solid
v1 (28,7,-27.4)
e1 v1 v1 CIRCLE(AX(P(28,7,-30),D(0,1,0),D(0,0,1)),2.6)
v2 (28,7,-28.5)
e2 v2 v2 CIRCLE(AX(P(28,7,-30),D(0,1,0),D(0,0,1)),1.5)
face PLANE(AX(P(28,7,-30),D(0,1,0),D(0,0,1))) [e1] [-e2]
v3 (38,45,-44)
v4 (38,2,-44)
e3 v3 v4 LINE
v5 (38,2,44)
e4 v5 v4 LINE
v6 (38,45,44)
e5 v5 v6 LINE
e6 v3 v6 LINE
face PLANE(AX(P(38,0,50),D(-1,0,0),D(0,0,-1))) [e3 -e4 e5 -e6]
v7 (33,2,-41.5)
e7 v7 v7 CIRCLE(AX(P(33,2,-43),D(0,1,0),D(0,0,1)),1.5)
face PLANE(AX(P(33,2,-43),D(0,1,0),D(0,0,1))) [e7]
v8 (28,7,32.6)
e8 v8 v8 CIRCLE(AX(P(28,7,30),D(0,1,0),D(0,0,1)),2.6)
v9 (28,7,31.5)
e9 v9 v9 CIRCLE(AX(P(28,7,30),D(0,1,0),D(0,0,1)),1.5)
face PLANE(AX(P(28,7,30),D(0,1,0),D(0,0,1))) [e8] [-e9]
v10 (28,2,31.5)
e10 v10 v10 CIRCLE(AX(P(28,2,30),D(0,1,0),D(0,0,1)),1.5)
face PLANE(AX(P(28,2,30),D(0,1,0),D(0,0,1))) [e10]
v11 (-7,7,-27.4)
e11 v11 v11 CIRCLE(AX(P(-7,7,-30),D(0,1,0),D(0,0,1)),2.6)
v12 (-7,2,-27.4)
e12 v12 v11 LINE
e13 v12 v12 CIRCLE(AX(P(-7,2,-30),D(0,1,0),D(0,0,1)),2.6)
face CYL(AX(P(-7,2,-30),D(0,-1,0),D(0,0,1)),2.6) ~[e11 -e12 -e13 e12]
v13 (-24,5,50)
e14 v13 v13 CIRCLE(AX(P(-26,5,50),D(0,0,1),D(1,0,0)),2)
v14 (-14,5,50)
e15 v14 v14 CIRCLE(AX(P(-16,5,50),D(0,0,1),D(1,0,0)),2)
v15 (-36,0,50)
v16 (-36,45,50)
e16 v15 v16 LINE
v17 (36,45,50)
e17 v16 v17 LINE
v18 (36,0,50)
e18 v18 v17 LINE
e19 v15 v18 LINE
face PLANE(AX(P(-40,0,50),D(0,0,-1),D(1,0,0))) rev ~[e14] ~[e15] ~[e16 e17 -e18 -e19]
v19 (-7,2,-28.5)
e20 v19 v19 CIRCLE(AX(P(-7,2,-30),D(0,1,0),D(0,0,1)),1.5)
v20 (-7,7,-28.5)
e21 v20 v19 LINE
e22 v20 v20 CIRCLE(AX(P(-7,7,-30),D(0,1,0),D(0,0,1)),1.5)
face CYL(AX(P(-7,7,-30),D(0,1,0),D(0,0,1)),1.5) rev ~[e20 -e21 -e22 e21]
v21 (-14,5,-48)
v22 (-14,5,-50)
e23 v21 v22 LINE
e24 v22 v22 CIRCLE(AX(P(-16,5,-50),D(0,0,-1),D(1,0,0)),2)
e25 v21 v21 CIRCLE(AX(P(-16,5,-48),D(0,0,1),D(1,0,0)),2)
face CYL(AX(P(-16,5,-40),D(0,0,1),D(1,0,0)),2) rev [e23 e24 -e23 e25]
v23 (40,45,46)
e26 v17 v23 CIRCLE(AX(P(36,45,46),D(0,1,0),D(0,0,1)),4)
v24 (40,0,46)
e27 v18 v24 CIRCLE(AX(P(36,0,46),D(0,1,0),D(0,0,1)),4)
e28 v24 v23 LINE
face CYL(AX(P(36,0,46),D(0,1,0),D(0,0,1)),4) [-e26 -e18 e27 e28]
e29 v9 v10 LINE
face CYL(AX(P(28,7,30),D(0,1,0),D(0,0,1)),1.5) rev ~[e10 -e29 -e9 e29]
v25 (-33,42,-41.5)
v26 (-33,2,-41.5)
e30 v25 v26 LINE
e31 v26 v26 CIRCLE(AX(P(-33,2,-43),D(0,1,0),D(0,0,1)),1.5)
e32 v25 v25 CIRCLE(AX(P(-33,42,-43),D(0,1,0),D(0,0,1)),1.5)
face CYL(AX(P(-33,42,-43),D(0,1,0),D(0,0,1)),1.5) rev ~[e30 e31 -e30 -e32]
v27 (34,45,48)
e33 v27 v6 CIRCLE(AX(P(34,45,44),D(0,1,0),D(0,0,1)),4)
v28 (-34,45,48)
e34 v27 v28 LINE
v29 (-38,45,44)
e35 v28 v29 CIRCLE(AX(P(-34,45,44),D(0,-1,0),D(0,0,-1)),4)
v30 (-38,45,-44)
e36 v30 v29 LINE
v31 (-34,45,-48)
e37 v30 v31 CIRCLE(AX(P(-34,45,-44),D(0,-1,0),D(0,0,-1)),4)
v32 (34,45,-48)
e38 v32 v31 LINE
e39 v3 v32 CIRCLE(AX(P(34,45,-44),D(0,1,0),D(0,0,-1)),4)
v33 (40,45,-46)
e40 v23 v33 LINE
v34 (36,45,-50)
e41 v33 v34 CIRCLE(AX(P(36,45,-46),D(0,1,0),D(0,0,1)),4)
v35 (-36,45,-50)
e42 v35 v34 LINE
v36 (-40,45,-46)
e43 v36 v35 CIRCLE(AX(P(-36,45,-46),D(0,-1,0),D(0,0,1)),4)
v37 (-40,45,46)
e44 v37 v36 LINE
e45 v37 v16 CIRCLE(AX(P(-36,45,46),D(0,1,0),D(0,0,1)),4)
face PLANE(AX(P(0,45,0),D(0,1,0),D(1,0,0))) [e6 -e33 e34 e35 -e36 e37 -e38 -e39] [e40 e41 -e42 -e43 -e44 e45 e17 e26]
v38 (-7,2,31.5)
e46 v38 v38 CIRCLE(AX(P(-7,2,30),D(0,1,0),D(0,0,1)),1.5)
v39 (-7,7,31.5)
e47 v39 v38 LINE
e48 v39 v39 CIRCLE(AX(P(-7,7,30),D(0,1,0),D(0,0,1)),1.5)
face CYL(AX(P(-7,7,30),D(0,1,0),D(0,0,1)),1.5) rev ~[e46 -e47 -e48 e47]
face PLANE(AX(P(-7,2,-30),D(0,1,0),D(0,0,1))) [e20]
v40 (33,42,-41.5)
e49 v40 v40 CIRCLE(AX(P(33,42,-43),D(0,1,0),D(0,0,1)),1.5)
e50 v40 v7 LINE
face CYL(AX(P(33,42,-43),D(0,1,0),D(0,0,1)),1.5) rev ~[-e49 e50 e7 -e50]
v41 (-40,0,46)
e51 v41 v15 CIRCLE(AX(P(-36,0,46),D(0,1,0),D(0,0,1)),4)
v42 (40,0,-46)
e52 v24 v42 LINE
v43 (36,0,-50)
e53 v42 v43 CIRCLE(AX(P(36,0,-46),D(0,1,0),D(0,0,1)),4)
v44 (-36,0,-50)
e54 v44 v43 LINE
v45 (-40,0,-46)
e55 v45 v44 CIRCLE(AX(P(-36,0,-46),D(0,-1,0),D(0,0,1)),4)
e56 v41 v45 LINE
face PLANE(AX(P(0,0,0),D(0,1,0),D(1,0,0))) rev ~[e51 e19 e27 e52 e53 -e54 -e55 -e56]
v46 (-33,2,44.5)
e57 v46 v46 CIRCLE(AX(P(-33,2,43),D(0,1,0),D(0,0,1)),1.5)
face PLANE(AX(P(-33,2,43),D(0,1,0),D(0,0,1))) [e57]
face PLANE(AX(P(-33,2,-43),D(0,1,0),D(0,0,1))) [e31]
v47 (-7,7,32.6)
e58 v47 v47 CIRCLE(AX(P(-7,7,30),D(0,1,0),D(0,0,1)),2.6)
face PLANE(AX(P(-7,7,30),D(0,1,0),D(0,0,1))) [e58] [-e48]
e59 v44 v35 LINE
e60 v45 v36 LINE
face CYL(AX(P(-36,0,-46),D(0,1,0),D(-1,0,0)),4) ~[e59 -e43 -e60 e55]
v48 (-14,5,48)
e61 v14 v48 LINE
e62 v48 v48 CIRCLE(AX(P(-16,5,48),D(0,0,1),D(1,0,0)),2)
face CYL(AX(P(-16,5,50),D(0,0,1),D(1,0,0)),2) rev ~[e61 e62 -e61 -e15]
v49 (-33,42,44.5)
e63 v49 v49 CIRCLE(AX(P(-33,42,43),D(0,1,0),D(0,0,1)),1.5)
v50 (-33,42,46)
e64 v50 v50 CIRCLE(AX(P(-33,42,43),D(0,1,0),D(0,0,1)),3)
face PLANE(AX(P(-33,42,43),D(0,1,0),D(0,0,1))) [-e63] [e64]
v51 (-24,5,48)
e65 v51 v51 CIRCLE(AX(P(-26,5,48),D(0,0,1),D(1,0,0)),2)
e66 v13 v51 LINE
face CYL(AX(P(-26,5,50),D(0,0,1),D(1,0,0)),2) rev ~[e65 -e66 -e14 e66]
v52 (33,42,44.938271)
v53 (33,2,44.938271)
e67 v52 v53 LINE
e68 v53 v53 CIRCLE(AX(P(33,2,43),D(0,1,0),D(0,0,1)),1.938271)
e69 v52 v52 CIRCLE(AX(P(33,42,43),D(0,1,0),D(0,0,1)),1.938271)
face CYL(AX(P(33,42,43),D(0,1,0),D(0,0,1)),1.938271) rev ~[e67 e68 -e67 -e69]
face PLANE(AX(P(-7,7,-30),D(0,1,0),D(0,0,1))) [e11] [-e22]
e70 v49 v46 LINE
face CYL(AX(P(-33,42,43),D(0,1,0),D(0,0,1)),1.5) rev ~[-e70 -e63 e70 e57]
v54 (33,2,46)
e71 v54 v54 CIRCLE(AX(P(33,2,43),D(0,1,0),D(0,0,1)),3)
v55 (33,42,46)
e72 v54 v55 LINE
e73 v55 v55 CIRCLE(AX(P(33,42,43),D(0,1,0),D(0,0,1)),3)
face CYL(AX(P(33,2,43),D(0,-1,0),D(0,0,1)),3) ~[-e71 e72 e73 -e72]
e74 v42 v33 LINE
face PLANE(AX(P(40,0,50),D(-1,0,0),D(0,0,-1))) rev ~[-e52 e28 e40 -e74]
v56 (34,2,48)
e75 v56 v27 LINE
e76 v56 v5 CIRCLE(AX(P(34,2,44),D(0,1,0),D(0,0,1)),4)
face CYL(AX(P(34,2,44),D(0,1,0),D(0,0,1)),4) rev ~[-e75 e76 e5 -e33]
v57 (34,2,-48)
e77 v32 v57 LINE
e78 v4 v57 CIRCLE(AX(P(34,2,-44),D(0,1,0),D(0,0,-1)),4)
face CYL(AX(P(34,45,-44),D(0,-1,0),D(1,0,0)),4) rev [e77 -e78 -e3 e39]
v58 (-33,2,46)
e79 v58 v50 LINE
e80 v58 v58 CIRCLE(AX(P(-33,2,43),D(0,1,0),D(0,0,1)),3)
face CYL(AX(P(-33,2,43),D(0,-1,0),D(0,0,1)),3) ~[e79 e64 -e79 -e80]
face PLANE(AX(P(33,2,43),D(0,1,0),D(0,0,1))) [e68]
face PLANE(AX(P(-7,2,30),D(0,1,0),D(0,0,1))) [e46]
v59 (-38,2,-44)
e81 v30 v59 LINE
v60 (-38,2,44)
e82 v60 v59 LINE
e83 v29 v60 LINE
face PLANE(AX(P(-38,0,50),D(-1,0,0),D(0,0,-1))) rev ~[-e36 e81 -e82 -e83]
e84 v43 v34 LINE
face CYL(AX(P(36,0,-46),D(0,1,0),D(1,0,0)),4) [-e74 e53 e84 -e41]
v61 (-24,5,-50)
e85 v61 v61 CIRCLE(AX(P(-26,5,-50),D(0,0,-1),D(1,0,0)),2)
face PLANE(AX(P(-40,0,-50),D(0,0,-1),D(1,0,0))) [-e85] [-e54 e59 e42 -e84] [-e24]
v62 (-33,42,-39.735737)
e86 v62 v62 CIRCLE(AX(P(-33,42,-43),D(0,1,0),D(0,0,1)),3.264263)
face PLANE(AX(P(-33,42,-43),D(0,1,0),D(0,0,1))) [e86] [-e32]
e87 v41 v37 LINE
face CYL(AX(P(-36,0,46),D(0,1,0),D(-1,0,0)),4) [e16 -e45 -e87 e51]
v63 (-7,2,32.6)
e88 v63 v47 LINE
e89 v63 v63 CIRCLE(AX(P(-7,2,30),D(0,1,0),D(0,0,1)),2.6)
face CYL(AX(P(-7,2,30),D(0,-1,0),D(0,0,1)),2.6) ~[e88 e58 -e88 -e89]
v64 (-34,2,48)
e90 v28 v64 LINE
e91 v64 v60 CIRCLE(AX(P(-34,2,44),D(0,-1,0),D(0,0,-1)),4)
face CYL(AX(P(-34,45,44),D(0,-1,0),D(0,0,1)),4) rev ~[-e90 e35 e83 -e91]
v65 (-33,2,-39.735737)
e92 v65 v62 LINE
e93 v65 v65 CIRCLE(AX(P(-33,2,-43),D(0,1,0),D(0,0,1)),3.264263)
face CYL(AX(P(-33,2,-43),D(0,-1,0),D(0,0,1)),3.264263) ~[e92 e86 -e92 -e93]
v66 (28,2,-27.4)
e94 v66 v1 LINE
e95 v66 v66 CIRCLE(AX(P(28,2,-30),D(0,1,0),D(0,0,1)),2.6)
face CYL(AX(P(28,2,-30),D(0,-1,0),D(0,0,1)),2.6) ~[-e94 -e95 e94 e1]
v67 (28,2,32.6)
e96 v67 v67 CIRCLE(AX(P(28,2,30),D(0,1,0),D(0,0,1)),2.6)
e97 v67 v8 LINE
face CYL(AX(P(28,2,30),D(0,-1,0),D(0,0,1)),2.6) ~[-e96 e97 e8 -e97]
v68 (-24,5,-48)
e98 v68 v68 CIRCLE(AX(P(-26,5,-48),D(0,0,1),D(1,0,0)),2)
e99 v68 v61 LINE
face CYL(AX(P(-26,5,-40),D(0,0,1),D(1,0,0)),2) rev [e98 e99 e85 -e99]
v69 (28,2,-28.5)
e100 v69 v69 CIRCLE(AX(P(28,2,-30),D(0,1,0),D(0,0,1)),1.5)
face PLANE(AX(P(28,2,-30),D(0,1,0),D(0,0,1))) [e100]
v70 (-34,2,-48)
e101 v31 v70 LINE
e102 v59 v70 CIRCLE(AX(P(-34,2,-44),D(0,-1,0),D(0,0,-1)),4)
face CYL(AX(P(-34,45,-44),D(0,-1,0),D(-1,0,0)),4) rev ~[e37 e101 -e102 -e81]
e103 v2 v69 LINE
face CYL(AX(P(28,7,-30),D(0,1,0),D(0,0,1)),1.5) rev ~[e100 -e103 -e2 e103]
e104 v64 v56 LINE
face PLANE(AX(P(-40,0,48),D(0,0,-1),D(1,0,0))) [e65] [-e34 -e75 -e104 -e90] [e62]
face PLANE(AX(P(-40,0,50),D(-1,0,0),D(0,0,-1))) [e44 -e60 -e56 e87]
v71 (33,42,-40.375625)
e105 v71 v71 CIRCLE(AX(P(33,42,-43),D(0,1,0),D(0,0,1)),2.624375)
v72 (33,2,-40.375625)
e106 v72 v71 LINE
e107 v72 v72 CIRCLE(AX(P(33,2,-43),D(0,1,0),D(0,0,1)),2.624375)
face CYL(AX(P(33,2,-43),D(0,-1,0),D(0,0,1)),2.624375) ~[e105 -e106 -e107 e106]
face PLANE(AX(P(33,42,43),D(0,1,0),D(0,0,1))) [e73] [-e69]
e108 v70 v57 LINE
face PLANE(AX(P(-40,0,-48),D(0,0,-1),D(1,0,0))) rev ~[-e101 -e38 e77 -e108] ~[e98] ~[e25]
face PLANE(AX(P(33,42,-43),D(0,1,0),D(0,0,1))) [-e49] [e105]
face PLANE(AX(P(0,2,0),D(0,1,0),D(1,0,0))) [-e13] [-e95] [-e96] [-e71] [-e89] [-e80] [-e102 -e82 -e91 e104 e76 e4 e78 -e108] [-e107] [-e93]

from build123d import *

# Parameters (mm, degrees)
SKETCH1_W            = 80
SKETCH1_H            = 100
BOSS_EXTRUDE1_DEPTH  = 45
SHELL1_T             = -2
FILLET1_R            = 4
FILLET2_R            = 4
FILLET4_R            = 4
FILLET5_R            = 4
FILLET6_R            = 4
FILLET7_R            = 4
FILLET12_R           = 4
FILLET13_R           = 4
SKETCH33_R           = 2.6
BOSS_EXTRUDE9_DEPTH  = 5
SKETCH37_R           = 2.624374832
SKETCH37_R_2         = 3
SKETCH37_R_3         = 3.264262679
BOSS_EXTRUDE10_DEPTH = 40
SKETCH38_R           = 1.5
SKETCH38_R_2         = 1.938271083
CUT_EXTRUDE3_DEPTH   = 40
SKETCH39_R           = 1.5
CUT_EXTRUDE4_DEPTH   = 5
SKETCH40_R           = 2
CUT_EXTRUDE5_DEPTH   = 10
CUT_EXTRUDE6_START   = -10
SKETCH41_R           = 2
CUT_EXTRUDE6_DEPTH   = 10


with BuildPart() as part:
    # Sketch1 → Boss-Extrude1 (new body)
    with BuildSketch(Plane(origin=(0, 0, 0), x_dir=(1, 0, 0), z_dir=(0, 1, 0))):
        Rectangle(SKETCH1_W, SKETCH1_H)
    extrude(amount=BOSS_EXTRUDE1_DEPTH)

    # Shell1
    shell1_openings = [part.faces().sort_by_distance(p)[0] for p in [
        (0, 45, 0),
    ]]
    offset(amount=SHELL1_T, openings=shell1_openings, kind=Kind.INTERSECTION)

    # Fillet1
    fillet1_edges = [part.edges().sort_by_distance(p)[0] for p in [
        (-40, 22.5, 50),
    ]]
    fillet(fillet1_edges, radius=FILLET1_R)

    # Fillet2
    fillet2_edges = [part.edges().sort_by_distance(p)[0] for p in [
        (-38, 23.5, 48),
    ]]
    fillet(fillet2_edges, radius=FILLET2_R)

    # Fillet4
    fillet4_edges = [part.edges().sort_by_distance(p)[0] for p in [
        (-38, 23.5, -48),
    ]]
    fillet(fillet4_edges, radius=FILLET4_R)

    # Fillet5
    fillet5_edges = [part.edges().sort_by_distance(p)[0] for p in [
        (-40, 22.5, -50),
    ]]
    fillet(fillet5_edges, radius=FILLET5_R)

    # Fillet6
    fillet6_edges = [part.edges().sort_by_distance(p)[0] for p in [
        (38, 23.5, 48),
    ]]
    fillet(fillet6_edges, radius=FILLET6_R)

    # Fillet7
    fillet7_edges = [part.edges().sort_by_distance(p)[0] for p in [
        (40, 22.5, 50),
    ]]
    fillet(fillet7_edges, radius=FILLET7_R)

    # Fillet12
    fillet12_edges = [part.edges().sort_by_distance(p)[0] for p in [
        (40, 22.5, -50),
    ]]
    fillet(fillet12_edges, radius=FILLET12_R)

    # Fillet13
    fillet13_edges = [part.edges().sort_by_distance(p)[0] for p in [
        (38, 23.5, -48),
    ]]
    fillet(fillet13_edges, radius=FILLET13_R)

    # Sketch33 → Boss-Extrude9 (add)
    with BuildSketch(Plane(origin=(0, 2, 0), x_dir=(1, 0, 0), z_dir=(0, 1, 0))):
        with Locations(Location((28, 30, 0), (0, 0, 270))):
            Circle(SKETCH33_R)
        with Locations(Location((28, -30, 0), (0, 0, 270))):
            Circle(SKETCH33_R)
        with Locations(Location((-7, 30, 0), (0, 0, 270))):
            Circle(SKETCH33_R)
        with Locations(Location((-7, -30, 0), (0, 0, 270))):
            Circle(SKETCH33_R)
    extrude(amount=BOSS_EXTRUDE9_DEPTH)

    # Sketch37 → Boss-Extrude10 (add)
    with BuildSketch(Plane(origin=(0, 2, 0), x_dir=(1, 0, 0), z_dir=(0, 1, 0))):
        with Locations(Location((33, 43, 0), (0, 0, 270))):
            Circle(SKETCH37_R)
        with Locations(Location((33, -43, 0), (0, 0, 270))):
            Circle(SKETCH37_R_2)
        with Locations(Location((-33, 43, 0), (0, 0, 270))):
            Circle(SKETCH37_R_3)
        with Locations(Location((-33, -43, 0), (0, 0, 270))):
            Circle(SKETCH37_R_2)
    extrude(amount=BOSS_EXTRUDE10_DEPTH)

    # Sketch38 → Cut-Extrude3 (cut)
    with BuildSketch(Plane(origin=(0, 42, 0), x_dir=(1, 0, 0), z_dir=(0, 1, 0))):
        with Locations(Location((33, 43, 0), (0, 0, 270))):
            Circle(SKETCH38_R)
        with Locations(Location((33, -43, 0), (0, 0, 270))):
            Circle(SKETCH38_R_2)
        with Locations(Location((-33, 43, 0), (0, 0, 270))):
            Circle(SKETCH38_R)
        with Locations(Location((-33, -43, 0), (0, 0, 270))):
            Circle(SKETCH38_R)
    extrude(amount=-CUT_EXTRUDE3_DEPTH, mode=Mode.SUBTRACT)

    # Sketch39 → Cut-Extrude4 (cut)
    with BuildSketch(Plane(origin=(0, 7, 0), x_dir=(1, 0, 0), z_dir=(0, 1, 0))):
        with Locations(Location((28, 30, 0), (0, 0, 270))):
            Circle(SKETCH39_R)
        with Locations(Location((28, -30, 0), (0, 0, 270))):
            Circle(SKETCH39_R)
        with Locations(Location((-7, 30, 0), (0, 0, 270))):
            Circle(SKETCH39_R)
        with Locations(Location((-7, -30, 0), (0, 0, 270))):
            Circle(SKETCH39_R)
    extrude(amount=-CUT_EXTRUDE4_DEPTH, mode=Mode.SUBTRACT)

    # Sketch40 → Cut-Extrude5 (cut)
    with BuildSketch(Plane.XY.offset(50)):
        with Locations((-26, 5)):
            Circle(SKETCH40_R)
        with Locations((-16, 5)):
            Circle(SKETCH40_R)
    extrude(amount=-CUT_EXTRUDE5_DEPTH, mode=Mode.SUBTRACT)

    # Sketch41 → Cut-Extrude6 (cut)
    with BuildSketch(Plane(origin=(0, 0, -50), x_dir=(-1, 0, 0), z_dir=(0, 0, -1)).offset(CUT_EXTRUDE6_START)):
        with Locations(Location((26, 5, 0), (0, 0, 180))):
            Circle(SKETCH41_R)
        with Locations(Location((16, 5, 0), (0, 0, 180))):
            Circle(SKETCH41_R)
    extrude(amount=CUT_EXTRUDE6_DEPTH, mode=Mode.SUBTRACT)


solid = part.part
